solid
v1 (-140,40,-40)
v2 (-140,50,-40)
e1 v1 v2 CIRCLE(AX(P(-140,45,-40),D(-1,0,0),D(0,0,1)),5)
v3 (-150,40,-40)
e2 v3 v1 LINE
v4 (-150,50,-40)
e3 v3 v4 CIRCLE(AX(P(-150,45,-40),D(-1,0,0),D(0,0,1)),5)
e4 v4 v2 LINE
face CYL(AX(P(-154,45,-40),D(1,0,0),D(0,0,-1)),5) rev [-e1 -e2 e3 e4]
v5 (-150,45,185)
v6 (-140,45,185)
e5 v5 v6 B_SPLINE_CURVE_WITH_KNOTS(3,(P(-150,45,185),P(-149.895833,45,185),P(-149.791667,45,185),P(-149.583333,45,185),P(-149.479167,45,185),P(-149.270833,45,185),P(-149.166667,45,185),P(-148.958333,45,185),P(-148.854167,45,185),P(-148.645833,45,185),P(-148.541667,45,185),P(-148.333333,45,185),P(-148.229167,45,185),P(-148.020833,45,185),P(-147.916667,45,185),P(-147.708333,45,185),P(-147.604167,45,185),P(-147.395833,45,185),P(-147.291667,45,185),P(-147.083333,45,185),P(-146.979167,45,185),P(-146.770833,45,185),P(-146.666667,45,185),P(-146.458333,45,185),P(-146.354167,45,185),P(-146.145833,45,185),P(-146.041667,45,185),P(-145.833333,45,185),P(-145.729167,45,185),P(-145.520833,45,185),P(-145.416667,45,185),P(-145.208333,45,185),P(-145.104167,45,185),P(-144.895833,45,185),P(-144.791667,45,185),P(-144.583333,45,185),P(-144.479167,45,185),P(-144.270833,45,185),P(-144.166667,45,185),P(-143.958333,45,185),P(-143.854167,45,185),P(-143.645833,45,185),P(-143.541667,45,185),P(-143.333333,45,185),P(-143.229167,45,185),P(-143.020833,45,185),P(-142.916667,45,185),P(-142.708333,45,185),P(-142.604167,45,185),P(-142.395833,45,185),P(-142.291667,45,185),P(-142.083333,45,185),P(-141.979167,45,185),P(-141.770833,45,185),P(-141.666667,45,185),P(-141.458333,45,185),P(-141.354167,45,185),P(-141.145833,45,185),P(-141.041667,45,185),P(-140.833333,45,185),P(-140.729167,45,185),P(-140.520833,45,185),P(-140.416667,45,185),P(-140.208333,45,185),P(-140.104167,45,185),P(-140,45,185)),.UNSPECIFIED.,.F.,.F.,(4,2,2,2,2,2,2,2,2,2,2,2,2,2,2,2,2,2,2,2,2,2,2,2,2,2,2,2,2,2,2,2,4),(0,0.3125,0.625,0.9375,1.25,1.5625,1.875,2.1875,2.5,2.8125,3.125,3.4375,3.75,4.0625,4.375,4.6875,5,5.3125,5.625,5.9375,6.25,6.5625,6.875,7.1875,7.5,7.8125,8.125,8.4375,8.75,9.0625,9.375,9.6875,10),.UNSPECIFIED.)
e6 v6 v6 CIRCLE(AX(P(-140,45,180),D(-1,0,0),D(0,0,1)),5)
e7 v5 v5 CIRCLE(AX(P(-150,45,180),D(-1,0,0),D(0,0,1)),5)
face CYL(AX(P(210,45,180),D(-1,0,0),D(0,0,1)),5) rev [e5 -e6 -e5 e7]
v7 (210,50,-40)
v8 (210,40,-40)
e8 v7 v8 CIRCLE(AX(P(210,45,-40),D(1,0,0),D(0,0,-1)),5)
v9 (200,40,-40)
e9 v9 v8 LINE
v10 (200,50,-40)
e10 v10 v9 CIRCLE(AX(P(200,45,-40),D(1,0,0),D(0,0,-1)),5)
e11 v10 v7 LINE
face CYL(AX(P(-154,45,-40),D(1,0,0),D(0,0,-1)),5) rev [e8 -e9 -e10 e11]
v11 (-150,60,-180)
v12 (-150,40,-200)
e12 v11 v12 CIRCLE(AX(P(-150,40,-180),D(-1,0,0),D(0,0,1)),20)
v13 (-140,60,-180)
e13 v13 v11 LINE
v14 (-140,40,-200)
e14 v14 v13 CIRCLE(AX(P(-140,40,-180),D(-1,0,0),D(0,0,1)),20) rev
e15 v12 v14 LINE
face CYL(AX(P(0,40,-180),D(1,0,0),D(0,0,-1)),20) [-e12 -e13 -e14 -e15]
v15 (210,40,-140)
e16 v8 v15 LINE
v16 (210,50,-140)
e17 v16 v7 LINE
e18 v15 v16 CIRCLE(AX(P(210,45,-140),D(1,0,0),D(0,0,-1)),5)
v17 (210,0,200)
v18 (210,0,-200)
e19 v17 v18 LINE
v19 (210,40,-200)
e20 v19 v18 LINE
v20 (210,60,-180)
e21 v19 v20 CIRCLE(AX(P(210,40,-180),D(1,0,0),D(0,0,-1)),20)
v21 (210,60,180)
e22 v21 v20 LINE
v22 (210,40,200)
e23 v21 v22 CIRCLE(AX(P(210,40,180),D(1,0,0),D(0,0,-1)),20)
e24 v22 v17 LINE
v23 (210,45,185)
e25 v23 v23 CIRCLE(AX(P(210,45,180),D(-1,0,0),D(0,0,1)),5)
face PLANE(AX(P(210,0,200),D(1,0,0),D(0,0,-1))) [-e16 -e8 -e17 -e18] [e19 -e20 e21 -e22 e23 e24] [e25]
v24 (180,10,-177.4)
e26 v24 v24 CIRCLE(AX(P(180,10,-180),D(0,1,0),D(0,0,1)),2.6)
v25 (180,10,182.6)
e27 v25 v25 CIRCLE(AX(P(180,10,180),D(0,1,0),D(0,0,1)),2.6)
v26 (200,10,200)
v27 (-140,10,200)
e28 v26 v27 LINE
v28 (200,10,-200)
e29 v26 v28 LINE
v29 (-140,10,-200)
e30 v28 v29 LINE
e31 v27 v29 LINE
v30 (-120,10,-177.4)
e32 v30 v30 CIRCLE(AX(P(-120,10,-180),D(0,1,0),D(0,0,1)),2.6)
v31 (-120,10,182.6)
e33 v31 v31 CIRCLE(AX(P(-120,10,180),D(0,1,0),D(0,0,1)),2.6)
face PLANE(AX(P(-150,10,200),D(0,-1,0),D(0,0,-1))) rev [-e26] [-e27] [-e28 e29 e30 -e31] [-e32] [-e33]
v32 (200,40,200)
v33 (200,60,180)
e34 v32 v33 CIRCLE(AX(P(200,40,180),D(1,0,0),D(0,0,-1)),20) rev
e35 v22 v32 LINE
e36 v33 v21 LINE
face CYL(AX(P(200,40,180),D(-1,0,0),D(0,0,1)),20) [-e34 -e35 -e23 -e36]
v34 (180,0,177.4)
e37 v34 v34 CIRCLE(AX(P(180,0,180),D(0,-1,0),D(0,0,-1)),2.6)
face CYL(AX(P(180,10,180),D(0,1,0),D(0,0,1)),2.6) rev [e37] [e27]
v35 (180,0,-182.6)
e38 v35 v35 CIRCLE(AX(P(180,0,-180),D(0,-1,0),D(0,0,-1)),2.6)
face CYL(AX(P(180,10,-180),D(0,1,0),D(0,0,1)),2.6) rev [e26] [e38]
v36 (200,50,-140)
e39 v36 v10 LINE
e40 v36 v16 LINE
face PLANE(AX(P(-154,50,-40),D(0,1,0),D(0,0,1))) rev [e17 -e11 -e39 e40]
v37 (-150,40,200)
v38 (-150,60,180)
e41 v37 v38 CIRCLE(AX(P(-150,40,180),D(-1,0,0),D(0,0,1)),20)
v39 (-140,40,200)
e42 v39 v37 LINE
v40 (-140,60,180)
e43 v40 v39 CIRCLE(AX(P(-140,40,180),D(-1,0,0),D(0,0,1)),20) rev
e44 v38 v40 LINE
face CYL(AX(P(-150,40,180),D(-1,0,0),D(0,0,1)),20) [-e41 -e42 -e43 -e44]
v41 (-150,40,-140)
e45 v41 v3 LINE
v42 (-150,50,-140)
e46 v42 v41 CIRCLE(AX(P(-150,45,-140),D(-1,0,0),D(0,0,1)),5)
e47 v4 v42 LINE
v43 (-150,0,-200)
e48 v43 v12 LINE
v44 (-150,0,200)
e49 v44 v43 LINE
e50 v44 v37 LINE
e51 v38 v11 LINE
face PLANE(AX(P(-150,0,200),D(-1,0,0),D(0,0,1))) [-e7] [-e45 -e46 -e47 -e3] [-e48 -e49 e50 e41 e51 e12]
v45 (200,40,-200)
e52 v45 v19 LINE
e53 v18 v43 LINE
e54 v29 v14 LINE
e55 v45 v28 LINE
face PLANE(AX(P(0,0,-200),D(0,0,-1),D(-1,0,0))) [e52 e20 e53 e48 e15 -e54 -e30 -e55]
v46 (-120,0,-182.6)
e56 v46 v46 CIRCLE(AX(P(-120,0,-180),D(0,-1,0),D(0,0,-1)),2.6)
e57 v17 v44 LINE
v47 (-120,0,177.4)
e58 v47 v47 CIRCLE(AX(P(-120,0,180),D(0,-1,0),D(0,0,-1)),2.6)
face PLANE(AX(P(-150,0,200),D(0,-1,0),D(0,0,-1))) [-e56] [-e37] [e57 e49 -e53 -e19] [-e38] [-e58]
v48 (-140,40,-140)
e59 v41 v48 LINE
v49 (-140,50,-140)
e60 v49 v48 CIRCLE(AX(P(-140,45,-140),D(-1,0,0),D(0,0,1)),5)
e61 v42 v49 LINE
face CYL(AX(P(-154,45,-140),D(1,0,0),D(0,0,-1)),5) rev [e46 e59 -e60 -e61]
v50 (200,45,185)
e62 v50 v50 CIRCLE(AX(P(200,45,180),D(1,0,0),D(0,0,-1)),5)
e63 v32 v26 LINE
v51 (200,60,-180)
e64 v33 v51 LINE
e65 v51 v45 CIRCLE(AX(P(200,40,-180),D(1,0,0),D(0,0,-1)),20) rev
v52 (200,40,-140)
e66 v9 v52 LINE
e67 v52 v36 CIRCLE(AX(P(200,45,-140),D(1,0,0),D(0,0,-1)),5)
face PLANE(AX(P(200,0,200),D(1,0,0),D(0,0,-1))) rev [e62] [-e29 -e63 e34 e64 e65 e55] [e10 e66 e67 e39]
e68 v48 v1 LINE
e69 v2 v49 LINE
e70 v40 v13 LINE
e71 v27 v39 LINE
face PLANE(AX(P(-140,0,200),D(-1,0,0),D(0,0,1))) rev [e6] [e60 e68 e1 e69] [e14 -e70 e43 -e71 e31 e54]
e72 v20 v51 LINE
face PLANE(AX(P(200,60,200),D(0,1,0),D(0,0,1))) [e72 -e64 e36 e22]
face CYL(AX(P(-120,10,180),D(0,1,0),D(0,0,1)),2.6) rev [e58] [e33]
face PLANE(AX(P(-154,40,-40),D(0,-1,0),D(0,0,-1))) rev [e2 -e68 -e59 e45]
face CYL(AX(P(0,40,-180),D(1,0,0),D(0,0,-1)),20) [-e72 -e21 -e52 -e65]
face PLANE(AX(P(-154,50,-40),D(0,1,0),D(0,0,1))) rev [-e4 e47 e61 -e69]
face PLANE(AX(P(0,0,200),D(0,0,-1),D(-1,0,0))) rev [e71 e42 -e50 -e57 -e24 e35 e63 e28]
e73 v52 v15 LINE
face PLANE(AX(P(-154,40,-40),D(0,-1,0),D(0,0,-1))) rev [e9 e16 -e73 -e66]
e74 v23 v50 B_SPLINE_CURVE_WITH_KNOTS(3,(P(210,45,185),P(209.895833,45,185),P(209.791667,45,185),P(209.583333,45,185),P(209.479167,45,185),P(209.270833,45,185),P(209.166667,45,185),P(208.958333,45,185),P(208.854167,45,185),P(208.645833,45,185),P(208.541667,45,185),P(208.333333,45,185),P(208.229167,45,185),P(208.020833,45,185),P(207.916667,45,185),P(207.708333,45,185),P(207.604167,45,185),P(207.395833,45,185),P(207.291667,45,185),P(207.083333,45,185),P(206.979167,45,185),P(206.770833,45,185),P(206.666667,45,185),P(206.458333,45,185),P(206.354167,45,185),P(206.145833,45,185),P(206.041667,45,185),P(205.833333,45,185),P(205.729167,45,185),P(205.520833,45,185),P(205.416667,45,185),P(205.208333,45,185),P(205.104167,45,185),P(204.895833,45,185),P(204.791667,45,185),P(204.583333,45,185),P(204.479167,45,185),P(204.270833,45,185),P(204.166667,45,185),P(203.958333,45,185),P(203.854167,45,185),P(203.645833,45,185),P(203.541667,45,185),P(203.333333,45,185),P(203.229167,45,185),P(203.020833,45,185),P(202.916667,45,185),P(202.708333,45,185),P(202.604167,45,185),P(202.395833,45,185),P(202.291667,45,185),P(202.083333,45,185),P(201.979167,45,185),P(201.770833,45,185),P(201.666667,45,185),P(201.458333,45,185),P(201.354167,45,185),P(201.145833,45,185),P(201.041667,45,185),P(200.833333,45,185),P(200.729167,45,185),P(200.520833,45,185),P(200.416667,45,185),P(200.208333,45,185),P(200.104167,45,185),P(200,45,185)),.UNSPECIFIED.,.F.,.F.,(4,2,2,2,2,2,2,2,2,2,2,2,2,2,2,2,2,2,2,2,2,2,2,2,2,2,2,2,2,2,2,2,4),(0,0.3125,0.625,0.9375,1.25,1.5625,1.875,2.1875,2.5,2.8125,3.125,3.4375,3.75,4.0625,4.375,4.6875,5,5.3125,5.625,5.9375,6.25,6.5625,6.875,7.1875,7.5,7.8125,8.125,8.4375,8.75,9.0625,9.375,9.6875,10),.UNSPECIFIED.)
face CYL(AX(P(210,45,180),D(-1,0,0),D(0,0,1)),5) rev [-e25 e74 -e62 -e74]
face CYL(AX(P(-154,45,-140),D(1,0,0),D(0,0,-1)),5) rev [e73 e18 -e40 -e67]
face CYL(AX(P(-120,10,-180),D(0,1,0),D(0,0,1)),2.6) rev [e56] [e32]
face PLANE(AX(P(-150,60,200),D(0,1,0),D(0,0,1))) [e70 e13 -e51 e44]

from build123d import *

# Parameters (mm, degrees)
EXTRUDE_THIN1_DEPTH                      = 200
CUT_EXTRUDE1_DEPTH                       = 364
SKETCH3_R                                = 5
CUT_EXTRUDE2_DEPTH                       = 417.173040934
RADYUS1_R                                = 20
M5_HELISARMAL_I_IN_Z_VANA_MATKAB_1_D     = 5.2
M5_HELISARMAL_I_IN_Z_VANA_MATKAB_1_DEPTH = 12
M5_HELISARMAL_I_IN_Z_VANA_MATKAB_1_TIP   = 1.562237609


with BuildPart() as part:
    # Sketch1 → Extrude-Thin1 (new, symmetric)
    with BuildSketch(Plane.XY):
        Polygon((-150, 60), (-150, 0), (210, 0), (210, 60), (200, 60), (200, 10), (-140, 10), (-140, 60), align=None)
    extrude(amount=EXTRUDE_THIN1_DEPTH, both=True)

    # Sketch2 → Cut-Extrude1 (cut)
    with BuildSketch(Plane(origin=(210, 0, 0), x_dir=(0, 0, -1), z_dir=(1, 0, 0))):
        with BuildLine():
            Line((40, 50), (140, 50))
            ThreePointArc((140, 50), (145, 45), (140, 40))
            Line((140, 40), (40, 40))
            ThreePointArc((40, 40), (35, 45), (40, 50))
        make_face()
    extrude(amount=-CUT_EXTRUDE1_DEPTH, mode=Mode.SUBTRACT)

    # Sketch3 → Cut-Extrude2 (cut, through all)
    with BuildSketch(Plane.ZY.offset(150)):
        with Locations((180, 45)):
            Circle(SKETCH3_R)
    extrude(amount=-CUT_EXTRUDE2_DEPTH, mode=Mode.SUBTRACT)

    # Radyus1
    radyus1_edges = [part.edges().sort_by_distance(p)[0] for p in [
        (205, 60, 200),
        (-145, 60, 200),
        (205, 60, -200),
        (-145, 60, -200),
    ]]
    fillet(radyus1_edges, radius=RADYUS1_R)

    # M5 Helisarmal için Zıvana matkabı1
    with Locations(Plane(origin=(-120, 10, 180), x_dir=(0, 0, 1), z_dir=(0, 1, 0))):
        with Locations((0, 0), (0, 300), (-360, 300), (-360, 0)):
            Hole(M5_HELISARMAL_I_IN_Z_VANA_MATKAB_1_D / 2, depth=M5_HELISARMAL_I_IN_Z_VANA_MATKAB_1_DEPTH)
            with Locations((0, 0, -(M5_HELISARMAL_I_IN_Z_VANA_MATKAB_1_DEPTH + M5_HELISARMAL_I_IN_Z_VANA_MATKAB_1_TIP / 2))):  # 118° drill point
                Cone(0, M5_HELISARMAL_I_IN_Z_VANA_MATKAB_1_D / 2, M5_HELISARMAL_I_IN_Z_VANA_MATKAB_1_TIP, mode=Mode.SUBTRACT)


solid = part.part
